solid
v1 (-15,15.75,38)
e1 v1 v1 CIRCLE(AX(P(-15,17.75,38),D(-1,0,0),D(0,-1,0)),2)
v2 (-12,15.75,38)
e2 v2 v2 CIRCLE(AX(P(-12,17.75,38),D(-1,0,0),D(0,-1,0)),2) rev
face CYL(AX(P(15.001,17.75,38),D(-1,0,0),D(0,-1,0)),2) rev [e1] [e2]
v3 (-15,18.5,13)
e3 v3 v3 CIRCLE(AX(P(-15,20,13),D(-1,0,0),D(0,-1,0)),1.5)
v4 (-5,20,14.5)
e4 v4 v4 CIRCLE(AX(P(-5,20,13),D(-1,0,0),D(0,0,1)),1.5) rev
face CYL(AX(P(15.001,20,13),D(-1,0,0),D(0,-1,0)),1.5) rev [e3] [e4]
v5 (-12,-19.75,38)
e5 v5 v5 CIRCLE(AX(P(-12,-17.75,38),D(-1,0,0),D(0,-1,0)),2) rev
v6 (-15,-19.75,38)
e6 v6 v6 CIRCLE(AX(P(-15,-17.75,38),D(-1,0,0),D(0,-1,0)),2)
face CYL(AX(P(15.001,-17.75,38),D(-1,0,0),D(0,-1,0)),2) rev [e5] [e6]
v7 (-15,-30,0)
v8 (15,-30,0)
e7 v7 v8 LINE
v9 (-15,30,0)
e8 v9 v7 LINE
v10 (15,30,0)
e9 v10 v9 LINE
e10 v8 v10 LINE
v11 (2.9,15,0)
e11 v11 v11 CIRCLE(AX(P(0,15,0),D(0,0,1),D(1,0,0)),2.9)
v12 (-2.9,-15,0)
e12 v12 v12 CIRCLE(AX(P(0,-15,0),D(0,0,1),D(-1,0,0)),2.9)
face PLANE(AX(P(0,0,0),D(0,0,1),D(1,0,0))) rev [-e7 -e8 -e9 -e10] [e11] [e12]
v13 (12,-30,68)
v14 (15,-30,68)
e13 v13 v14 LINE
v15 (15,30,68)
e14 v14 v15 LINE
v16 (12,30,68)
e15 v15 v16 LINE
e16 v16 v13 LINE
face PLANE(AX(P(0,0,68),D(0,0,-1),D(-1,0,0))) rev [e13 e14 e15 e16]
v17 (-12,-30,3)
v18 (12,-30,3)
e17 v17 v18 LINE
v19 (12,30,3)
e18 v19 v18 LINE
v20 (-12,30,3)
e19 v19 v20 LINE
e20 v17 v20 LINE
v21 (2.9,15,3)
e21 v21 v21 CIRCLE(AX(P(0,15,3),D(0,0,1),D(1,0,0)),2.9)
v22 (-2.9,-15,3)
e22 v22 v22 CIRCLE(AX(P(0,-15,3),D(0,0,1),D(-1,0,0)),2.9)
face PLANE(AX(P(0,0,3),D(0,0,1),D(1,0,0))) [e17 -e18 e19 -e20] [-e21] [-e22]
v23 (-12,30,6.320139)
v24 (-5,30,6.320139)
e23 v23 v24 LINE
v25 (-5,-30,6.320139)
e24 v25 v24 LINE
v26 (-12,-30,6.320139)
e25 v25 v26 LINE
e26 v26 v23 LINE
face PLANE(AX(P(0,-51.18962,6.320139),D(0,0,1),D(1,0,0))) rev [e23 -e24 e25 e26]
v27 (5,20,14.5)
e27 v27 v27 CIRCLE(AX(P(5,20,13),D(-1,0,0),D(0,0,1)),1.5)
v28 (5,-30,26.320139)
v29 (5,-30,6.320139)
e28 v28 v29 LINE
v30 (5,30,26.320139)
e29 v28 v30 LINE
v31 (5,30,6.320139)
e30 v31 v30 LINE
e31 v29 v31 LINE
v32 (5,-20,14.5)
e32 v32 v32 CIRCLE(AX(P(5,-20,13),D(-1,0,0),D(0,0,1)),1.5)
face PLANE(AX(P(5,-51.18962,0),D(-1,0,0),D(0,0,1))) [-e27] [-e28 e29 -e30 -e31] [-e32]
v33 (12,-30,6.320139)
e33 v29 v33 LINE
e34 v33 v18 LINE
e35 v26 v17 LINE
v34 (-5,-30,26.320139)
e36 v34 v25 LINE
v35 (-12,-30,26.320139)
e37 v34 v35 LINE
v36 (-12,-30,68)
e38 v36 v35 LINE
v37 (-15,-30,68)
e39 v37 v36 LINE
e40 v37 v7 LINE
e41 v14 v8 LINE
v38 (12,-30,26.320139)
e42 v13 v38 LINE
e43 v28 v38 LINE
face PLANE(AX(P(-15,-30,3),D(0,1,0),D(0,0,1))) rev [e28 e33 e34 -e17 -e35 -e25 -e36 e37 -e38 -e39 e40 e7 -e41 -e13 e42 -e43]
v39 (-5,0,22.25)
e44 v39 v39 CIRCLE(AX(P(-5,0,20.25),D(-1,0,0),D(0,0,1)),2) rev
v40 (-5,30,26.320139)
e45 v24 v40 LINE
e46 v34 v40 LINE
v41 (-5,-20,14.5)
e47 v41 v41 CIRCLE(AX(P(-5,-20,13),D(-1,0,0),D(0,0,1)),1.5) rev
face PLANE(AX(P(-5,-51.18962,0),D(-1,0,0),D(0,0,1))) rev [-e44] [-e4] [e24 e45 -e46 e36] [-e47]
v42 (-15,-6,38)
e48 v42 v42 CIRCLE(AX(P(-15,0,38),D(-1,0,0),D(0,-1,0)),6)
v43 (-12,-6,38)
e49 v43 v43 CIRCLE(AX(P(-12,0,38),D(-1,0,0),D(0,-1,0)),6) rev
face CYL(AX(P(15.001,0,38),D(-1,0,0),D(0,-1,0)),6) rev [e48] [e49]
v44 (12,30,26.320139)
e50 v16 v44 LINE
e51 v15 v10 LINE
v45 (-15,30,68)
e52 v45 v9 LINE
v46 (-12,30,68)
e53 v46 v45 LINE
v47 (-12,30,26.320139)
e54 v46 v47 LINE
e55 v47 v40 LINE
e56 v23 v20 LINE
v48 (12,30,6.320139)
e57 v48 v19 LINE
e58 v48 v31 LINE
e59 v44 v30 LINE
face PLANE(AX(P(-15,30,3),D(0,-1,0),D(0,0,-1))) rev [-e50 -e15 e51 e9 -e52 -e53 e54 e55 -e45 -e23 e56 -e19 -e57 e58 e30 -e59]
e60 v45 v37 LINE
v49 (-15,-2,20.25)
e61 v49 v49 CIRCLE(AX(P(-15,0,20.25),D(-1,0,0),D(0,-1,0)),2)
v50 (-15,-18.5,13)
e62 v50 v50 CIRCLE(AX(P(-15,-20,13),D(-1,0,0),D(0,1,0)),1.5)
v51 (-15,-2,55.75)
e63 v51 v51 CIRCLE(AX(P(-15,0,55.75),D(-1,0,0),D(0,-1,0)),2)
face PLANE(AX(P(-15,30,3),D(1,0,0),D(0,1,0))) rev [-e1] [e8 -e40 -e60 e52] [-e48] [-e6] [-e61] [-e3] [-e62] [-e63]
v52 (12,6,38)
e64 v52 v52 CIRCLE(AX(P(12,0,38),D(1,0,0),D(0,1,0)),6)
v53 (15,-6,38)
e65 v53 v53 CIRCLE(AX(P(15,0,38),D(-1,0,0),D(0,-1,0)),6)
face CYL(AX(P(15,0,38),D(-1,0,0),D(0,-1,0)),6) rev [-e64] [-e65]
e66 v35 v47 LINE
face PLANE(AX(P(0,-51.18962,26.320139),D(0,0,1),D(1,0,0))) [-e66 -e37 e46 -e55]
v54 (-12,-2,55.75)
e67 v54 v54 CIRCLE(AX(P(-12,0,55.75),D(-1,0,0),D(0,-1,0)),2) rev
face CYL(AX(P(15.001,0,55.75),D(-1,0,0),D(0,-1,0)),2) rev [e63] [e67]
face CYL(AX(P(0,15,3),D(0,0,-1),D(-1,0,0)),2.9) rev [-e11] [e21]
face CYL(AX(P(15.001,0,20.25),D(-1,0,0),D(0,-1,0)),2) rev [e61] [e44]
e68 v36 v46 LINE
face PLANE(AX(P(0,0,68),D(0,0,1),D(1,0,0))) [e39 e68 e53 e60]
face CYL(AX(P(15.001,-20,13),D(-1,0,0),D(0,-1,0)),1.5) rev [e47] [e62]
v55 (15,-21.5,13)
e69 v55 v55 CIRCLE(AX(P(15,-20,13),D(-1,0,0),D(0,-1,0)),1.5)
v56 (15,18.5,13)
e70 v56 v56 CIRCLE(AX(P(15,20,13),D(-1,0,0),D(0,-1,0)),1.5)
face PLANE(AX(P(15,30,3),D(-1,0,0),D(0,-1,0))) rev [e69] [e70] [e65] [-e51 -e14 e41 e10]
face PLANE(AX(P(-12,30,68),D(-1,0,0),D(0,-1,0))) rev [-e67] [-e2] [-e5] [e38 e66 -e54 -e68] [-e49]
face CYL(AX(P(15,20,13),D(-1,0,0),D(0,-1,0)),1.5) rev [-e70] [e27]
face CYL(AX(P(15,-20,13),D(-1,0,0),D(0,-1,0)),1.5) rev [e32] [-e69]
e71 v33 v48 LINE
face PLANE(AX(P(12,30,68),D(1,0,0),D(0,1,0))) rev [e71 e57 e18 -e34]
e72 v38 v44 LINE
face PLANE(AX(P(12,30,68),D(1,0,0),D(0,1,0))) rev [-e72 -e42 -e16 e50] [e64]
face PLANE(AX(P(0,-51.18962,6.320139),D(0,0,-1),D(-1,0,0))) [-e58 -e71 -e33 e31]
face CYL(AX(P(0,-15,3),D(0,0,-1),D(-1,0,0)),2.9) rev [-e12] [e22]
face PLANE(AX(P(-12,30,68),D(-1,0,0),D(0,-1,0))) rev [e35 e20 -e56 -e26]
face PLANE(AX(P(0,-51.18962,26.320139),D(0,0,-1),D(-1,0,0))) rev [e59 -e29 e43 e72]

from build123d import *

# Parameters (mm, degrees)
SKETCH1_W               = 30
SKETCH1_H               = 60
SKETCH1_R               = 2.9
BOSS_EXTRUDE1_DEPTH     = 3
SKETCH2_W               = 3
SKETCH2_H               = 60
BOSS_EXTRUDE2_DEPTH     = 65
SKETCH5_W               = 7
SKETCH5_H               = 20
BOSS_EXTRUDE3_DEPTH     = 60
CUT_EXTRUDE1_REACH      = 32
SKETCH3_R               = 1.5
SKETCH3_R_2             = 6
SKETCH3_R_3             = 2
SKETCH4_R               = 1.5
SKETCH4_R_2             = 6
CUT_EXTRUDE2_DEPTH      = 28
CUT_EXTRUDE2_DEPTH_BACK = 4


with BuildPart() as part:
    # Sketch1 → Boss-Extrude1 (new body)
    with BuildSketch(Plane.XY):
        Rectangle(SKETCH1_W, SKETCH1_H)
        with Locations((0, 15)):
            Circle(SKETCH1_R, mode=Mode.SUBTRACT)
        with Locations((0, -15)):
            Circle(SKETCH1_R, mode=Mode.SUBTRACT)
    extrude(amount=BOSS_EXTRUDE1_DEPTH)

    # Sketch2 → Boss-Extrude2 (add)
    with BuildSketch(Plane.XY.offset(3)):
        with Locations((-13.5, 0)):
            Rectangle(SKETCH2_W, SKETCH2_H)
        with Locations((13.5, 0)):
            Rectangle(SKETCH2_W, SKETCH2_H)
    extrude(amount=BOSS_EXTRUDE2_DEPTH)

    # Sketch5 → Boss-Extrude3 (add)
    with BuildSketch(Plane(origin=(0, 30, 0), x_dir=(1, 0, 0), z_dir=(0, 1, 0))):
        with Locations((8.5, -16.320138996)):
            Rectangle(SKETCH5_W, SKETCH5_H)
        with Locations((-8.5, -16.320138996)):
            Rectangle(SKETCH5_W, SKETCH5_H)
    extrude(amount=-BOSS_EXTRUDE3_DEPTH)

    # Sketch3 → Cut-Extrude1 (cut, up to next)
    with BuildSketch(Plane.ZY.offset(15), mode=Mode.PRIVATE) as cut_extrude1_sk1:
        with Locations((13, 20)):
            Circle(SKETCH3_R)
    cut_extrude1_tool1 = extrude(cut_extrude1_sk1.sketch, amount=-CUT_EXTRUDE1_REACH, mode=Mode.PRIVATE) & part.part
    add(cut_extrude1_tool1.solids().sort_by_distance((-15, 20, 13))[0], mode=Mode.SUBTRACT)
    # Sketch3 → Cut-Extrude1 (cut, up to next)
    with BuildSketch(Plane.ZY.offset(15), mode=Mode.PRIVATE) as cut_extrude1_sk2:
        with Locations((38, 0)):
            Circle(SKETCH3_R_2)
    cut_extrude1_tool2 = extrude(cut_extrude1_sk2.sketch, amount=-CUT_EXTRUDE1_REACH, mode=Mode.PRIVATE) & part.part
    add(cut_extrude1_tool2.solids().sort_by_distance((-15, 0, 38))[0], mode=Mode.SUBTRACT)
    # Sketch3 → Cut-Extrude1 (cut, up to next)
    with BuildSketch(Plane.ZY.offset(15), mode=Mode.PRIVATE) as cut_extrude1_sk3:
        with Locations((20.25, 0)):
            Circle(SKETCH3_R_3)
    cut_extrude1_tool3 = extrude(cut_extrude1_sk3.sketch, amount=-CUT_EXTRUDE1_REACH, mode=Mode.PRIVATE) & part.part
    add(cut_extrude1_tool3.solids().sort_by_distance((-15, 0, 20.25))[0], mode=Mode.SUBTRACT)
    # Sketch3 → Cut-Extrude1 (cut, up to next)
    with BuildSketch(Plane.ZY.offset(15), mode=Mode.PRIVATE) as cut_extrude1_sk4:
        with Locations((38, 17.75)):
            Circle(SKETCH3_R_3)
    cut_extrude1_tool4 = extrude(cut_extrude1_sk4.sketch, amount=-CUT_EXTRUDE1_REACH, mode=Mode.PRIVATE) & part.part
    add(cut_extrude1_tool4.solids().sort_by_distance((-15, 17.75, 38))[0], mode=Mode.SUBTRACT)
    # Sketch3 → Cut-Extrude1 (cut, up to next)
    with BuildSketch(Plane.ZY.offset(15), mode=Mode.PRIVATE) as cut_extrude1_sk5:
        with Locations((55.75, 0)):
            Circle(SKETCH3_R_3)
    cut_extrude1_tool5 = extrude(cut_extrude1_sk5.sketch, amount=-CUT_EXTRUDE1_REACH, mode=Mode.PRIVATE) & part.part
    add(cut_extrude1_tool5.solids().sort_by_distance((-15, 0, 55.75))[0], mode=Mode.SUBTRACT)
    # Sketch3 → Cut-Extrude1 (cut, up to next)
    with BuildSketch(Plane.ZY.offset(15), mode=Mode.PRIVATE) as cut_extrude1_sk6:
        with Locations((38, -17.75)):
            Circle(SKETCH3_R_3)
    cut_extrude1_tool6 = extrude(cut_extrude1_sk6.sketch, amount=-CUT_EXTRUDE1_REACH, mode=Mode.PRIVATE) & part.part
    add(cut_extrude1_tool6.solids().sort_by_distance((-15, -17.75, 38))[0], mode=Mode.SUBTRACT)
    # Sketch3 → Cut-Extrude1 (cut, up to next)
    with BuildSketch(Plane.ZY.offset(15), mode=Mode.PRIVATE) as cut_extrude1_sk7:
        with Locations((13, -20)):
            Circle(SKETCH3_R)
    cut_extrude1_tool7 = extrude(cut_extrude1_sk7.sketch, amount=-CUT_EXTRUDE1_REACH, mode=Mode.PRIVATE) & part.part
    add(cut_extrude1_tool7.solids().sort_by_distance((-15, -20, 13))[0], mode=Mode.SUBTRACT)

    # Sketch4 → Cut-Extrude2 (cut, two sides)
    with BuildSketch(Plane.ZY.offset(-12)) as cut_extrude2_sk:
        with Locations((13, -20)):
            Circle(SKETCH4_R)
        with Locations((13, 20)):
            Circle(SKETCH4_R)
        with Locations((38, 0)):
            Circle(SKETCH4_R_2)
    extrude(amount=CUT_EXTRUDE2_DEPTH, mode=Mode.SUBTRACT)
    extrude(cut_extrude2_sk.sketch, amount=-CUT_EXTRUDE2_DEPTH_BACK, mode=Mode.SUBTRACT)


solid = part.part
